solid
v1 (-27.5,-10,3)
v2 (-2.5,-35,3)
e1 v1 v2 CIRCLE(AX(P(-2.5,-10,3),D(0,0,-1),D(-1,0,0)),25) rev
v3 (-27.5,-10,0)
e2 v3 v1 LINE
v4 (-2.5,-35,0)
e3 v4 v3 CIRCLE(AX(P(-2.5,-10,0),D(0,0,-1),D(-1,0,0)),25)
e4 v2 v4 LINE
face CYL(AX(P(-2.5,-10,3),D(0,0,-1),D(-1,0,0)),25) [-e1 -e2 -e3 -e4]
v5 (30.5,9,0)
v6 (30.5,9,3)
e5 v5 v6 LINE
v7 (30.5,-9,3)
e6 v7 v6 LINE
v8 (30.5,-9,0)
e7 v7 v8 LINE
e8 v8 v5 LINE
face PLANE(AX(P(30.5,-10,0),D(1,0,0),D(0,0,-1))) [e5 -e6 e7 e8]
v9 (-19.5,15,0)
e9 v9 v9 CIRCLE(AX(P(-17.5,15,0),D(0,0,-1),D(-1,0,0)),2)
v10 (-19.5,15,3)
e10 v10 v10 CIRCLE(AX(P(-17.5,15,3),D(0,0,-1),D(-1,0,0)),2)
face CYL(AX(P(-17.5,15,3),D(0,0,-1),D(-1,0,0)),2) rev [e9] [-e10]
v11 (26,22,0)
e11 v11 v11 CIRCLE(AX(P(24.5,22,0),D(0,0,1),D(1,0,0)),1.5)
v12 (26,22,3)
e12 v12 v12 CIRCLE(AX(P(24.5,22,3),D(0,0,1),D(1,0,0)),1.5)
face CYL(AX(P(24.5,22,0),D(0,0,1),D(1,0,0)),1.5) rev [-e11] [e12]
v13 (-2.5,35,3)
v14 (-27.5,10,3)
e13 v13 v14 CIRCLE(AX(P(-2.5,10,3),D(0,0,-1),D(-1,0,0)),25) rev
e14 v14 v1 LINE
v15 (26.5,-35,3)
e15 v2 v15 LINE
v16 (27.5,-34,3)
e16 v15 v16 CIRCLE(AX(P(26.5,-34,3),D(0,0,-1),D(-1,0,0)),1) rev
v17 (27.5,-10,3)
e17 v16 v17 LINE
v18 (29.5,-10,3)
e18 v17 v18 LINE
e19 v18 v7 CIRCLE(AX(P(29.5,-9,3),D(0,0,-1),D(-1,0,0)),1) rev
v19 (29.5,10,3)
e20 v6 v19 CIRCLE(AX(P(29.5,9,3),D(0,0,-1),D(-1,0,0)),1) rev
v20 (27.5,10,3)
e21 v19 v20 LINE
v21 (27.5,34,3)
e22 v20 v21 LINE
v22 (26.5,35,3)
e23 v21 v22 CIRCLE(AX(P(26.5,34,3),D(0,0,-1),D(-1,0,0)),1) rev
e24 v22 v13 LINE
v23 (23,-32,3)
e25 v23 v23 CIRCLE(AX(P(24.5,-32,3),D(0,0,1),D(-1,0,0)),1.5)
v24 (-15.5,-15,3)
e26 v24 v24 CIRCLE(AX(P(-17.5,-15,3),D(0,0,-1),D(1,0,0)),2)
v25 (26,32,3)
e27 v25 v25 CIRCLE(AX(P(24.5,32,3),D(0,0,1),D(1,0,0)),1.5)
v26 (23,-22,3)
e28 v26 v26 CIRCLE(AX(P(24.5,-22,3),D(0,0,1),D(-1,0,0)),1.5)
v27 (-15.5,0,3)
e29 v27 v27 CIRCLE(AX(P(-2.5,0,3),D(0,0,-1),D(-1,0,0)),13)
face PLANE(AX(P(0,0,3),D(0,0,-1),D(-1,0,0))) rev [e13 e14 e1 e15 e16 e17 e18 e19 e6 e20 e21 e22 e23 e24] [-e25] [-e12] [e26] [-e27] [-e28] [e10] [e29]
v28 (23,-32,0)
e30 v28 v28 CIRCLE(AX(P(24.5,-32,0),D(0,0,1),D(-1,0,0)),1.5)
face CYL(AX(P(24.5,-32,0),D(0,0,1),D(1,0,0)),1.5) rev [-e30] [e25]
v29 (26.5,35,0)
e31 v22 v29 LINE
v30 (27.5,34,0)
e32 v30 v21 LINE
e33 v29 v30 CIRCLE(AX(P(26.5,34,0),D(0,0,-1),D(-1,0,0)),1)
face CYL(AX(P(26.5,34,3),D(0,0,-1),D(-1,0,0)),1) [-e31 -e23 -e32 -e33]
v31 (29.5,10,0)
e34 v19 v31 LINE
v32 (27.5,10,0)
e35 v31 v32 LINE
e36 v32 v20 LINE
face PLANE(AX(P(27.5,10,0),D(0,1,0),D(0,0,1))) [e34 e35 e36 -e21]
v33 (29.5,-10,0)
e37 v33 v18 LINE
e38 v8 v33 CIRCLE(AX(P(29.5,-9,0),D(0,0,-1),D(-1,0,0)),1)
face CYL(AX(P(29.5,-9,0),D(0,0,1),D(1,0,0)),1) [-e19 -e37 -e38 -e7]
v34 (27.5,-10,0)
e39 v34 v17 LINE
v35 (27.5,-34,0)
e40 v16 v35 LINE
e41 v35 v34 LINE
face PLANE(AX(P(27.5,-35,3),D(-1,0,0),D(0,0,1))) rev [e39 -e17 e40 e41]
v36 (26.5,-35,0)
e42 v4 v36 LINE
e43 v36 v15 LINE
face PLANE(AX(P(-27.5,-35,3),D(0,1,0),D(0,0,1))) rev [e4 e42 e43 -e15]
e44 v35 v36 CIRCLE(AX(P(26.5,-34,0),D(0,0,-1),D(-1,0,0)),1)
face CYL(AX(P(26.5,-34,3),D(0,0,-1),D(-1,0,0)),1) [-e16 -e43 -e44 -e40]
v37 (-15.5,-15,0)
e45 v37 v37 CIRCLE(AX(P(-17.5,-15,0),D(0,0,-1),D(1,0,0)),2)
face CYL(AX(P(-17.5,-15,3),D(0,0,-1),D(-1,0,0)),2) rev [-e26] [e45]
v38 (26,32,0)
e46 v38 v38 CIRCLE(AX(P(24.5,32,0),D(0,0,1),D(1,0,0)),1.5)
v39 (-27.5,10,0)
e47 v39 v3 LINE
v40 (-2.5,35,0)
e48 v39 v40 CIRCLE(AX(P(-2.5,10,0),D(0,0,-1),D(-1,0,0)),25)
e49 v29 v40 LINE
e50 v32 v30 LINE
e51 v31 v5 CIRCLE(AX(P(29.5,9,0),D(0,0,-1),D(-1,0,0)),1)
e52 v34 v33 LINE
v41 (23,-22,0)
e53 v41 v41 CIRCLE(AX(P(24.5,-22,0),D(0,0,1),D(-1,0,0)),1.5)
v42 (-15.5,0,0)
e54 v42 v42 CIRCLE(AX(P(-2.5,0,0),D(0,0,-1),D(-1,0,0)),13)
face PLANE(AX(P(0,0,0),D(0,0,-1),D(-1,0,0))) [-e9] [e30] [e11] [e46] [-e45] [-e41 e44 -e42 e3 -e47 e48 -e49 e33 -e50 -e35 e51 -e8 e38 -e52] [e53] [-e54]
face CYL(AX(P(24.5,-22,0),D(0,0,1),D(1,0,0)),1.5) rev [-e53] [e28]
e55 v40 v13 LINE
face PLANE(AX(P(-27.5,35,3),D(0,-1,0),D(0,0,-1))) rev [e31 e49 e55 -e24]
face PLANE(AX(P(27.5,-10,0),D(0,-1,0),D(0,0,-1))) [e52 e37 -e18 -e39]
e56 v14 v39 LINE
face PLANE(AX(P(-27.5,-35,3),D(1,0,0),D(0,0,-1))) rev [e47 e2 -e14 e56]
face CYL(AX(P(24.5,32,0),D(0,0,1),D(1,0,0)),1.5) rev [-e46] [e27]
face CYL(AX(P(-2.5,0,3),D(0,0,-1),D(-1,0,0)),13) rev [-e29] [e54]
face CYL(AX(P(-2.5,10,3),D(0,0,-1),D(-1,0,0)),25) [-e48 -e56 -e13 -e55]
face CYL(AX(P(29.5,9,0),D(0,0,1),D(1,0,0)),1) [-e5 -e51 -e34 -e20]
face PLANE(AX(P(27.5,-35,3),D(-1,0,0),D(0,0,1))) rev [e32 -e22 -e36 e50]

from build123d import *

# Parameters (mm, degrees)
SKETCH_1_W          = 55
SKETCH_1_H          = 70
EXTRUDE_1_DEPTH     = 3
SKETCH_3_R          = 13
CUT_EXTRUDE_1_DEPTH = 45.612218057
SKETCH_4_R          = 1.5
CUT_EXTRUDE_2_DEPTH = 45.612218057
SKETCH_5_W          = 3
SKETCH_5_H          = 20
EXTRUDE_2_DEPTH     = 3
FILLET_1_R          = 1
FILLET_2_R          = 25
SKETCH_6_R          = 2
CUT_EXTRUDE_3_DEPTH = 47.521500406


with BuildPart() as part:
    # 草图1 → 凸台-拉伸1 (new body)
    with BuildSketch(Plane.XY):
        Rectangle(SKETCH_1_W, SKETCH_1_H)
    extrude(amount=EXTRUDE_1_DEPTH)

    # 草图3 → 切除-拉伸1 (cut, through all)
    with BuildSketch(Plane(origin=(0, 0, 0), x_dir=(-1, 0, 0), z_dir=(0, 0, -1))):
        with Locations((2.5, 0)):
            Circle(SKETCH_3_R)
    extrude(amount=-CUT_EXTRUDE_1_DEPTH, mode=Mode.SUBTRACT)

    # 草图4 → 切除-拉伸2 (cut, through all)
    with BuildSketch(Plane.XY.offset(3)):
        with Locations((24.5, 32)):
            Circle(SKETCH_4_R)
        with Locations((24.5, 22)):
            Circle(SKETCH_4_R)
        with Locations(Location((24.5, -22, 0), (0, 0, 180))):
            Circle(SKETCH_4_R)
        with Locations(Location((24.5, -32, 0), (0, 0, 180))):
            Circle(SKETCH_4_R)
    extrude(amount=-CUT_EXTRUDE_2_DEPTH, mode=Mode.SUBTRACT)

    # 草图5 → 凸台-拉伸2 (add)
    with BuildSketch(Plane.XY.offset(3)):
        with Locations((29, 0)):
            Rectangle(SKETCH_5_W, SKETCH_5_H)
    extrude(amount=-EXTRUDE_2_DEPTH)

    # 圆角1
    fillet_1_edges = [part.edges().sort_by_distance(p)[0] for p in [
        (30.5, 10, 1.5),
        (30.5, -10, 1.5),
        (27.5, -35, 1.5),
        (27.5, 35, 1.5),
    ]]
    fillet(fillet_1_edges, radius=FILLET_1_R)

    # 圆角2
    fillet_2_edges = [part.edges().sort_by_distance(p)[0] for p in [
        (-27.5, -35, 1.5),
        (-27.5, 35, 1.5),
    ]]
    fillet(fillet_2_edges, radius=FILLET_2_R)

    # 草图6 → 切除-拉伸3 (cut, through all)
    with BuildSketch(Plane(origin=(0, 0, 0), x_dir=(-1, 0, 0), z_dir=(0, 0, -1))):
        with Locations((17.5, 15)):
            Circle(SKETCH_6_R)
        with Locations(Location((17.5, -15, 0), (0, 0, 180))):
            Circle(SKETCH_6_R)
    extrude(amount=-CUT_EXTRUDE_3_DEPTH, mode=Mode.SUBTRACT)


solid = part.part
